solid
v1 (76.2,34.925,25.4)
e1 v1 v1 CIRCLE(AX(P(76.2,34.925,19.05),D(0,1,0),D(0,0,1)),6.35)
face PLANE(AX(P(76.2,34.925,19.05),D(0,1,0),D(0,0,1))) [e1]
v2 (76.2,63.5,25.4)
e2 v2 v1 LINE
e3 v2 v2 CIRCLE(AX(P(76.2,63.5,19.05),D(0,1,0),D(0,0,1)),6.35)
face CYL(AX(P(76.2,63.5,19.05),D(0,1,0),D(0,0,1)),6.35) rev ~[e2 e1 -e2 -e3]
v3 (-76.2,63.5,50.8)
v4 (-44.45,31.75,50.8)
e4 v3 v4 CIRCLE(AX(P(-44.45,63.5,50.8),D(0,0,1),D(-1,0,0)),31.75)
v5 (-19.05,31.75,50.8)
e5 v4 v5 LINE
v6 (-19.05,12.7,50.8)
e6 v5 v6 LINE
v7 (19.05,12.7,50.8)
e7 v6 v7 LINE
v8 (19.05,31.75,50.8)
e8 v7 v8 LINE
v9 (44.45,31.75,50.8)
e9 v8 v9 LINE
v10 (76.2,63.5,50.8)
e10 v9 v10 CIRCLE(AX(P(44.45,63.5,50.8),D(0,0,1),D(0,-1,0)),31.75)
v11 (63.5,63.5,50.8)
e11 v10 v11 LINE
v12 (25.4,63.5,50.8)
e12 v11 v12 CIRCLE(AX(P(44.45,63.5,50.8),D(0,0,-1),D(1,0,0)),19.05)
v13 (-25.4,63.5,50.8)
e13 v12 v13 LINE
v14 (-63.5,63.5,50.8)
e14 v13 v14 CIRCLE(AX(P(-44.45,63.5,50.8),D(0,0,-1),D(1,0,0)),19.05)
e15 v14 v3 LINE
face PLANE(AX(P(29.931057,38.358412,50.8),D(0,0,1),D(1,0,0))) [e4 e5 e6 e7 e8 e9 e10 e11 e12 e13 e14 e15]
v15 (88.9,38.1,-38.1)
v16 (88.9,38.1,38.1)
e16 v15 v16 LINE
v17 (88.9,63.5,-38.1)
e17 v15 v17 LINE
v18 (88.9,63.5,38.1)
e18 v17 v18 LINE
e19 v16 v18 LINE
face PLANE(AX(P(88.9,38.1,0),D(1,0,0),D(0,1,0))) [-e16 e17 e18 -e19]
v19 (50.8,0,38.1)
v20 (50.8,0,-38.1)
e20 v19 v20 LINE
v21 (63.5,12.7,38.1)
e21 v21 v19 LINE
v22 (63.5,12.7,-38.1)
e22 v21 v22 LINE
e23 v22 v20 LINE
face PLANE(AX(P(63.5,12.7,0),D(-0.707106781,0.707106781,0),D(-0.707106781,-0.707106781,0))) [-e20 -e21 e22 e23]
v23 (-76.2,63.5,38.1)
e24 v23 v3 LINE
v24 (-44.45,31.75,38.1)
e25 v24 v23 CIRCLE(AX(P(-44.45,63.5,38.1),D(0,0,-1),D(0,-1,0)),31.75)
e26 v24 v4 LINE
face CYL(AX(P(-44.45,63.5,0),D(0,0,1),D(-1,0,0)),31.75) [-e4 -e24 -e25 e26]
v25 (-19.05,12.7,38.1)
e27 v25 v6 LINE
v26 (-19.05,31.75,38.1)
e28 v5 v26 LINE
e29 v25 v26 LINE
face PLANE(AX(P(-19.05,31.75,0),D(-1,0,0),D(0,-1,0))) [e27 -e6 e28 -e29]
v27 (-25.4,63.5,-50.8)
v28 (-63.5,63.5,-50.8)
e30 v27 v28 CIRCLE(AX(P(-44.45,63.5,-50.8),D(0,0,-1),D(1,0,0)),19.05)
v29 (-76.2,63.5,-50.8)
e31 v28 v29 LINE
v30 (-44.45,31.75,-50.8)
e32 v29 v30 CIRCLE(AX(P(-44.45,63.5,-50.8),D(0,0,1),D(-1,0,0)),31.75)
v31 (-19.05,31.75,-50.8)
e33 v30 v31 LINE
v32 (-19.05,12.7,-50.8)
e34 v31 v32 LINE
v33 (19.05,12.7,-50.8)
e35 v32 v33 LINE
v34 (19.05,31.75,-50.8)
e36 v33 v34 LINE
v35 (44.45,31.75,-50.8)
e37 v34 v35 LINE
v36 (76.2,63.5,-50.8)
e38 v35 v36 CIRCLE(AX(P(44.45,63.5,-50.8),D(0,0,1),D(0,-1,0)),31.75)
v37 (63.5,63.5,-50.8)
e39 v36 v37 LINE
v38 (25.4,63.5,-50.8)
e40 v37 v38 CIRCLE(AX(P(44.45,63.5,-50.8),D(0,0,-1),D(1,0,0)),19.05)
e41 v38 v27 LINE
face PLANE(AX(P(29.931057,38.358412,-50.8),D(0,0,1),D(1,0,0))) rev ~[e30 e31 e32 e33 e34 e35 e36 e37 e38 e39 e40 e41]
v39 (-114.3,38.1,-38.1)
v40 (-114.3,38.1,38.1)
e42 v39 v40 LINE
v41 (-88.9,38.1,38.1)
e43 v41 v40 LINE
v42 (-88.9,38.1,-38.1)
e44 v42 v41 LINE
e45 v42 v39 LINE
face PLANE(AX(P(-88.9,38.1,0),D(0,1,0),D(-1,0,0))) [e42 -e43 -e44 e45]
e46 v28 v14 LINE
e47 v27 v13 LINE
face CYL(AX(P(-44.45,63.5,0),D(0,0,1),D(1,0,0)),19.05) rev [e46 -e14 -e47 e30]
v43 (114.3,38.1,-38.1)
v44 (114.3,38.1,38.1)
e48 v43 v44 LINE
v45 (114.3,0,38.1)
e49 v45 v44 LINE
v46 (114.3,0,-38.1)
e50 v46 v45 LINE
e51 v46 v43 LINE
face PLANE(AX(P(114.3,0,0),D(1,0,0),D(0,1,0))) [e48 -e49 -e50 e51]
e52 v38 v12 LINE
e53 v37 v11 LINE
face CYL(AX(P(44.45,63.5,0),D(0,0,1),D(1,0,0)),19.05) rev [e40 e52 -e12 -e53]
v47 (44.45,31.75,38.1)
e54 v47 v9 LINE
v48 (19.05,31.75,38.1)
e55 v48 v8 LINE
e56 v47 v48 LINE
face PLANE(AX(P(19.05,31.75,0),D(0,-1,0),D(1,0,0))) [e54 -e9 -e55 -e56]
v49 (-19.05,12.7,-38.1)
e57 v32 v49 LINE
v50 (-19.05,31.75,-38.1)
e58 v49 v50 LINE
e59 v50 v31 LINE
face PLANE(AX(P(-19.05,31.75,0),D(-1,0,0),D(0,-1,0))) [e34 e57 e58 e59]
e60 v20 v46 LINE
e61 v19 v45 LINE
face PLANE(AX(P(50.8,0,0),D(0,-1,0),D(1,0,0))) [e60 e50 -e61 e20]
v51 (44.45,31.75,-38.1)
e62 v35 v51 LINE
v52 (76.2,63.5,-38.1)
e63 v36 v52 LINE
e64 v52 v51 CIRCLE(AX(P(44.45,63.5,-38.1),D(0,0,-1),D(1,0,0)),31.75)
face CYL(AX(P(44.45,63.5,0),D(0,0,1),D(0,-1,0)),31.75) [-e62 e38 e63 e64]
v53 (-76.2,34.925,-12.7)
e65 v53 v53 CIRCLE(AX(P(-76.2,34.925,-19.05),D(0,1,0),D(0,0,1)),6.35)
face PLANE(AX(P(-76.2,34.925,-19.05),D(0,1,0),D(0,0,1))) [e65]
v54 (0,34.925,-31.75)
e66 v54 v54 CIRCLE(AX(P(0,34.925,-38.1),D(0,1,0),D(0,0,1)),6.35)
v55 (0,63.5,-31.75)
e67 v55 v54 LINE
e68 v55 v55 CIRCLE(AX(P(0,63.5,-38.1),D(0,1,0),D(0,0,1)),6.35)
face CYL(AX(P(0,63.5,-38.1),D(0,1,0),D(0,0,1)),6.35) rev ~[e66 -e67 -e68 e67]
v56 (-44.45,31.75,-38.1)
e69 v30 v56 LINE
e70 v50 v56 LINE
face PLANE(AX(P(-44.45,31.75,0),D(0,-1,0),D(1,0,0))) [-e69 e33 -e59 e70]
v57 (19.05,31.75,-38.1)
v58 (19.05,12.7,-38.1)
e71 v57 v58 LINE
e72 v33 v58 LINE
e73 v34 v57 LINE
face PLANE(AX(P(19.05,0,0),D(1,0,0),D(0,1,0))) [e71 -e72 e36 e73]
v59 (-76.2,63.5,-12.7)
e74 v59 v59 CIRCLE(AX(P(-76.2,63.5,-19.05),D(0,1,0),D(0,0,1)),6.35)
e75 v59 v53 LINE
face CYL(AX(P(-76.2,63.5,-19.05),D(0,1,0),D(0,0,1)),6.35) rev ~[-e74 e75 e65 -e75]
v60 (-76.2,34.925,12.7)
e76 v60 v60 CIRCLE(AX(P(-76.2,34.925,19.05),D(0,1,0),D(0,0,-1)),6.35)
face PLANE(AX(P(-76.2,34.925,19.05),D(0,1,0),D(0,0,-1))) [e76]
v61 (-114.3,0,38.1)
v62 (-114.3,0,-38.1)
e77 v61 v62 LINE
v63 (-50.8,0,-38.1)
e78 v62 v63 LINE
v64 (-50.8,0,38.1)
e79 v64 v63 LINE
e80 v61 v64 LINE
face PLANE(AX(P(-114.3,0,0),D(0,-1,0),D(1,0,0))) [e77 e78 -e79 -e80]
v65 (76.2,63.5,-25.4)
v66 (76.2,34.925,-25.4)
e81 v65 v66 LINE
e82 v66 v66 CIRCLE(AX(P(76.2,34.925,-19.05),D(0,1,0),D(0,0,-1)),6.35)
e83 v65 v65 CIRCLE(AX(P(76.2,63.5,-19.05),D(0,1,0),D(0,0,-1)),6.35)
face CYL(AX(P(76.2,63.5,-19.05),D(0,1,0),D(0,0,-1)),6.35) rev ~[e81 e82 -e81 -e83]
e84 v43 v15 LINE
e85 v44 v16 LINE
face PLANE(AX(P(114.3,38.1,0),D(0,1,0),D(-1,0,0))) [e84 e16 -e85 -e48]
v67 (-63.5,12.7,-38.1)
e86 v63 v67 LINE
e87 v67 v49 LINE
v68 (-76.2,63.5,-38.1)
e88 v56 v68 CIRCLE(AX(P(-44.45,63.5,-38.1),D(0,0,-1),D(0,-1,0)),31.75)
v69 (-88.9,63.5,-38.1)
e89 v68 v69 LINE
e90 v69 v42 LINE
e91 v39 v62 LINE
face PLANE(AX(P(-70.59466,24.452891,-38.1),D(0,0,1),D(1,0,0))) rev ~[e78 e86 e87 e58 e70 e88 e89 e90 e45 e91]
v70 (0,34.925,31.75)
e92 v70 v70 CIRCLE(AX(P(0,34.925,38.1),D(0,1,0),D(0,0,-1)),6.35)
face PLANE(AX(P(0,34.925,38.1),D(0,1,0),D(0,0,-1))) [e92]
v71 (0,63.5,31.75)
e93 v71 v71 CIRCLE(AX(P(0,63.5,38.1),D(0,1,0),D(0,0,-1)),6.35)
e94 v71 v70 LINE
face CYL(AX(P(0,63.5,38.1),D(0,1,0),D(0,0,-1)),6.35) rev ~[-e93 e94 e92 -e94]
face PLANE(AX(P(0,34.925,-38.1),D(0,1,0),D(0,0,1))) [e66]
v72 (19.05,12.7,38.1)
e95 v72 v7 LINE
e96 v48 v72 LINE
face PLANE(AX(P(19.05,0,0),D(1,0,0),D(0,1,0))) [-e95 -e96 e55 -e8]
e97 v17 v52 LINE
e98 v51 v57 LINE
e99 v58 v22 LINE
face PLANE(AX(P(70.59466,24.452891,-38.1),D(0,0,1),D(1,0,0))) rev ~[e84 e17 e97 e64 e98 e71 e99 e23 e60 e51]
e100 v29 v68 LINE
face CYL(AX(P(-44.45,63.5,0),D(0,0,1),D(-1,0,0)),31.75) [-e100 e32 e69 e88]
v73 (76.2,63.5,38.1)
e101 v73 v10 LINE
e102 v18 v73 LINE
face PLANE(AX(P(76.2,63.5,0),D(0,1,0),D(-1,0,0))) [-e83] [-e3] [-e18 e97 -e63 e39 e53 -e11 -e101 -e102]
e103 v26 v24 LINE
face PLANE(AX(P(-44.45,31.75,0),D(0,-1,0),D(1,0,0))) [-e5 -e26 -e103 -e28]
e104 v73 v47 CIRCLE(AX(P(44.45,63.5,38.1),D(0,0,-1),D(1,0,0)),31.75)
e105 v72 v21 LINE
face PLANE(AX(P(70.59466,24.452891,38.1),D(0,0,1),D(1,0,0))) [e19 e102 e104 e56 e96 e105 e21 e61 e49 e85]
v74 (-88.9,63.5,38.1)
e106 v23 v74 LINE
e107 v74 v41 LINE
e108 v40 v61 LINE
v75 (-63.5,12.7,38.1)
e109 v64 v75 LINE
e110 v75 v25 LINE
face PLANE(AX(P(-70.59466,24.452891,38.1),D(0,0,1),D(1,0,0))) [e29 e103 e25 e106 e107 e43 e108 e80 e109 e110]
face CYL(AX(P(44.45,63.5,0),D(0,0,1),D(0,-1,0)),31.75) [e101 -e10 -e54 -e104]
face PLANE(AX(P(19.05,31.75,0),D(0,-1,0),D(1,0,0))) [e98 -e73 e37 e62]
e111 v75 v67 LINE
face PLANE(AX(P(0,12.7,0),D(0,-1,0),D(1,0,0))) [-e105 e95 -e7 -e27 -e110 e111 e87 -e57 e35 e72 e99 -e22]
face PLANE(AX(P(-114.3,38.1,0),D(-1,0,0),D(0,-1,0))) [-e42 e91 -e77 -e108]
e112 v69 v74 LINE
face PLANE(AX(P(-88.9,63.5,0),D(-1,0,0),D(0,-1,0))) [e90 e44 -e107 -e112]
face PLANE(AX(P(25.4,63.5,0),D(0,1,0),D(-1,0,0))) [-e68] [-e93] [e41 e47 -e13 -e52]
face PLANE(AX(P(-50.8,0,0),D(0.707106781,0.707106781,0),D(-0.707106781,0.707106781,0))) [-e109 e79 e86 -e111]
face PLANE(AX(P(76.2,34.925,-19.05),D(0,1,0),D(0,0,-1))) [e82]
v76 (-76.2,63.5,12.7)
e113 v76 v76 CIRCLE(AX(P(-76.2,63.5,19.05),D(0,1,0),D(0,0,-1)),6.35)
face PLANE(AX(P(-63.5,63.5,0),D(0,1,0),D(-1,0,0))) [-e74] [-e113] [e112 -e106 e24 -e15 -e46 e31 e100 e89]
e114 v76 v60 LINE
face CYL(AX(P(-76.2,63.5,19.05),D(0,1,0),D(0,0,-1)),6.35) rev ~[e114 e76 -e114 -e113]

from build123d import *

# Parameters (mm, degrees)
BOSS_EXTRUDE1_DEPTH   = 38.1
BOSS_EXTRUDE1_2_DEPTH = 38.1
BOSS_EXTRUDE2_DEPTH   = 50.8
SKETCH2_R             = 6.35
CUT_EXTRUDE2_DEPTH    = 28.575
SKETCH3_W             = 38.1
SKETCH3_H             = 101.6
CUT_EXTRUDE3_DEPTH    = 12.7


with BuildPart() as part:
    # Sketch1 → Boss-Extrude1 (new, symmetric)
    with BuildSketch(Plane.XY):
        with BuildLine():
            Line((50.8, 0), (114.3, 0))
            Line((114.3, 0), (114.3, 38.1))
            Line((114.3, 38.1), (88.9, 38.1))
            Line((88.9, 38.1), (88.9, 63.5))
            Line((88.9, 63.5), (76.2, 63.5))
            ThreePointArc((76.2, 63.5), (66.900640303, 41.049359697), (44.45, 31.75))
            Line((44.45, 31.75), (19.05, 31.75))
            Line((19.05, 31.75), (19.05, 12.7))
            Line((19.05, 12.7), (63.5, 12.7))
            Line((63.5, 12.7), (50.8, 0))
        make_face()
    extrude(amount=BOSS_EXTRUDE1_DEPTH, both=True)



with BuildPart() as body_2:
    # Sketch1 → Boss-Extrude1 2 (new, symmetric)
    with BuildSketch(Plane.XY):
        with BuildLine():
            Line((-63.5, 12.7), (-19.05, 12.7))
            Line((-19.05, 12.7), (-19.05, 31.75))
            Line((-19.05, 31.75), (-44.45, 31.75))
            ThreePointArc((-44.45, 31.75), (-66.900640303, 41.049359697), (-76.2, 63.5))
            Line((-76.2, 63.5), (-88.9, 63.5))
            Line((-88.9, 63.5), (-88.9, 38.1))
            Line((-88.9, 38.1), (-114.3, 38.1))
            Line((-114.3, 38.1), (-114.3, 0))
            Line((-114.3, 0), (-50.8, 0))
            Line((-50.8, 0), (-63.5, 12.7))
        make_face()
    extrude(amount=BOSS_EXTRUDE1_2_DEPTH, both=True)


with BuildPart() as part_1:
    add(part.part)

    add(body_2.part)  # Boss-Extrude2 merges body 2
    # Sketch1<3> → Boss-Extrude2 (add, symmetric)
    with BuildSketch(Plane.XY):
        with BuildLine():
            Line((19.05, 0), (19.05, 12.7))
            Line((19.05, 12.7), (19.05, 31.75))
            Line((19.05, 31.75), (44.45, 31.75))
            ThreePointArc((44.45, 31.75), (66.900640303, 41.049359697), (76.2, 63.5))
            Line((76.2, 63.5), (63.5, 63.5))
            ThreePointArc((63.5, 63.5), (44.45, 44.45), (25.4, 63.5))
            Line((25.4, 63.5), (0, 63.5))
            Line((0, 63.5), (0, 0))
            Line((0, 0), (19.05, 0))
        make_face()
        with BuildLine():
            Line((-19.05, 0), (0, 0))
            Line((0, 0), (0, 63.5))
            Line((0, 63.5), (-25.4, 63.5))
            ThreePointArc((-25.4, 63.5), (-44.45, 44.45), (-63.5, 63.5))
            Line((-63.5, 63.5), (-76.2, 63.5))
            ThreePointArc((-76.2, 63.5), (-66.900640303, 41.049359697), (-44.45, 31.75))
            Line((-44.45, 31.75), (-19.05, 31.75))
            Line((-19.05, 31.75), (-19.05, 12.7))
            Line((-19.05, 12.7), (-19.05, 0))
        make_face()
    extrude(amount=BOSS_EXTRUDE2_DEPTH, both=True)

    # Sketch2 → Cut-Extrude2 (cut)
    with BuildSketch(Plane(origin=(0, 63.5, 0), x_dir=(1, 0, 0), z_dir=(0, 1, 0))):
        with Locations(Location((-76.2, 19.05, 0), (0, 0, 270))):
            Circle(SKETCH2_R)
        with Locations(Location((0, 38.1, 0), (0, 0, 270))):
            Circle(SKETCH2_R)
        with Locations(Location((76.2, 19.05, 0), (0, 0, 90))):
            Circle(SKETCH2_R)
        with Locations(Location((76.2, -19.05, 0), (0, 0, 270))):
            Circle(SKETCH2_R)
        with Locations(Location((0, -38.1, 0), (0, 0, 90))):
            Circle(SKETCH2_R)
        with Locations(Location((-76.2, -19.05, 0), (0, 0, 90))):
            Circle(SKETCH2_R)
    extrude(amount=-CUT_EXTRUDE2_DEPTH, mode=Mode.SUBTRACT)

    # Sketch3 → Cut-Extrude3 (cut)
    with BuildSketch(Plane.XZ):
        Rectangle(SKETCH3_W, SKETCH3_H)
    extrude(amount=-CUT_EXTRUDE3_DEPTH, mode=Mode.SUBTRACT)


solid = part_1.part
